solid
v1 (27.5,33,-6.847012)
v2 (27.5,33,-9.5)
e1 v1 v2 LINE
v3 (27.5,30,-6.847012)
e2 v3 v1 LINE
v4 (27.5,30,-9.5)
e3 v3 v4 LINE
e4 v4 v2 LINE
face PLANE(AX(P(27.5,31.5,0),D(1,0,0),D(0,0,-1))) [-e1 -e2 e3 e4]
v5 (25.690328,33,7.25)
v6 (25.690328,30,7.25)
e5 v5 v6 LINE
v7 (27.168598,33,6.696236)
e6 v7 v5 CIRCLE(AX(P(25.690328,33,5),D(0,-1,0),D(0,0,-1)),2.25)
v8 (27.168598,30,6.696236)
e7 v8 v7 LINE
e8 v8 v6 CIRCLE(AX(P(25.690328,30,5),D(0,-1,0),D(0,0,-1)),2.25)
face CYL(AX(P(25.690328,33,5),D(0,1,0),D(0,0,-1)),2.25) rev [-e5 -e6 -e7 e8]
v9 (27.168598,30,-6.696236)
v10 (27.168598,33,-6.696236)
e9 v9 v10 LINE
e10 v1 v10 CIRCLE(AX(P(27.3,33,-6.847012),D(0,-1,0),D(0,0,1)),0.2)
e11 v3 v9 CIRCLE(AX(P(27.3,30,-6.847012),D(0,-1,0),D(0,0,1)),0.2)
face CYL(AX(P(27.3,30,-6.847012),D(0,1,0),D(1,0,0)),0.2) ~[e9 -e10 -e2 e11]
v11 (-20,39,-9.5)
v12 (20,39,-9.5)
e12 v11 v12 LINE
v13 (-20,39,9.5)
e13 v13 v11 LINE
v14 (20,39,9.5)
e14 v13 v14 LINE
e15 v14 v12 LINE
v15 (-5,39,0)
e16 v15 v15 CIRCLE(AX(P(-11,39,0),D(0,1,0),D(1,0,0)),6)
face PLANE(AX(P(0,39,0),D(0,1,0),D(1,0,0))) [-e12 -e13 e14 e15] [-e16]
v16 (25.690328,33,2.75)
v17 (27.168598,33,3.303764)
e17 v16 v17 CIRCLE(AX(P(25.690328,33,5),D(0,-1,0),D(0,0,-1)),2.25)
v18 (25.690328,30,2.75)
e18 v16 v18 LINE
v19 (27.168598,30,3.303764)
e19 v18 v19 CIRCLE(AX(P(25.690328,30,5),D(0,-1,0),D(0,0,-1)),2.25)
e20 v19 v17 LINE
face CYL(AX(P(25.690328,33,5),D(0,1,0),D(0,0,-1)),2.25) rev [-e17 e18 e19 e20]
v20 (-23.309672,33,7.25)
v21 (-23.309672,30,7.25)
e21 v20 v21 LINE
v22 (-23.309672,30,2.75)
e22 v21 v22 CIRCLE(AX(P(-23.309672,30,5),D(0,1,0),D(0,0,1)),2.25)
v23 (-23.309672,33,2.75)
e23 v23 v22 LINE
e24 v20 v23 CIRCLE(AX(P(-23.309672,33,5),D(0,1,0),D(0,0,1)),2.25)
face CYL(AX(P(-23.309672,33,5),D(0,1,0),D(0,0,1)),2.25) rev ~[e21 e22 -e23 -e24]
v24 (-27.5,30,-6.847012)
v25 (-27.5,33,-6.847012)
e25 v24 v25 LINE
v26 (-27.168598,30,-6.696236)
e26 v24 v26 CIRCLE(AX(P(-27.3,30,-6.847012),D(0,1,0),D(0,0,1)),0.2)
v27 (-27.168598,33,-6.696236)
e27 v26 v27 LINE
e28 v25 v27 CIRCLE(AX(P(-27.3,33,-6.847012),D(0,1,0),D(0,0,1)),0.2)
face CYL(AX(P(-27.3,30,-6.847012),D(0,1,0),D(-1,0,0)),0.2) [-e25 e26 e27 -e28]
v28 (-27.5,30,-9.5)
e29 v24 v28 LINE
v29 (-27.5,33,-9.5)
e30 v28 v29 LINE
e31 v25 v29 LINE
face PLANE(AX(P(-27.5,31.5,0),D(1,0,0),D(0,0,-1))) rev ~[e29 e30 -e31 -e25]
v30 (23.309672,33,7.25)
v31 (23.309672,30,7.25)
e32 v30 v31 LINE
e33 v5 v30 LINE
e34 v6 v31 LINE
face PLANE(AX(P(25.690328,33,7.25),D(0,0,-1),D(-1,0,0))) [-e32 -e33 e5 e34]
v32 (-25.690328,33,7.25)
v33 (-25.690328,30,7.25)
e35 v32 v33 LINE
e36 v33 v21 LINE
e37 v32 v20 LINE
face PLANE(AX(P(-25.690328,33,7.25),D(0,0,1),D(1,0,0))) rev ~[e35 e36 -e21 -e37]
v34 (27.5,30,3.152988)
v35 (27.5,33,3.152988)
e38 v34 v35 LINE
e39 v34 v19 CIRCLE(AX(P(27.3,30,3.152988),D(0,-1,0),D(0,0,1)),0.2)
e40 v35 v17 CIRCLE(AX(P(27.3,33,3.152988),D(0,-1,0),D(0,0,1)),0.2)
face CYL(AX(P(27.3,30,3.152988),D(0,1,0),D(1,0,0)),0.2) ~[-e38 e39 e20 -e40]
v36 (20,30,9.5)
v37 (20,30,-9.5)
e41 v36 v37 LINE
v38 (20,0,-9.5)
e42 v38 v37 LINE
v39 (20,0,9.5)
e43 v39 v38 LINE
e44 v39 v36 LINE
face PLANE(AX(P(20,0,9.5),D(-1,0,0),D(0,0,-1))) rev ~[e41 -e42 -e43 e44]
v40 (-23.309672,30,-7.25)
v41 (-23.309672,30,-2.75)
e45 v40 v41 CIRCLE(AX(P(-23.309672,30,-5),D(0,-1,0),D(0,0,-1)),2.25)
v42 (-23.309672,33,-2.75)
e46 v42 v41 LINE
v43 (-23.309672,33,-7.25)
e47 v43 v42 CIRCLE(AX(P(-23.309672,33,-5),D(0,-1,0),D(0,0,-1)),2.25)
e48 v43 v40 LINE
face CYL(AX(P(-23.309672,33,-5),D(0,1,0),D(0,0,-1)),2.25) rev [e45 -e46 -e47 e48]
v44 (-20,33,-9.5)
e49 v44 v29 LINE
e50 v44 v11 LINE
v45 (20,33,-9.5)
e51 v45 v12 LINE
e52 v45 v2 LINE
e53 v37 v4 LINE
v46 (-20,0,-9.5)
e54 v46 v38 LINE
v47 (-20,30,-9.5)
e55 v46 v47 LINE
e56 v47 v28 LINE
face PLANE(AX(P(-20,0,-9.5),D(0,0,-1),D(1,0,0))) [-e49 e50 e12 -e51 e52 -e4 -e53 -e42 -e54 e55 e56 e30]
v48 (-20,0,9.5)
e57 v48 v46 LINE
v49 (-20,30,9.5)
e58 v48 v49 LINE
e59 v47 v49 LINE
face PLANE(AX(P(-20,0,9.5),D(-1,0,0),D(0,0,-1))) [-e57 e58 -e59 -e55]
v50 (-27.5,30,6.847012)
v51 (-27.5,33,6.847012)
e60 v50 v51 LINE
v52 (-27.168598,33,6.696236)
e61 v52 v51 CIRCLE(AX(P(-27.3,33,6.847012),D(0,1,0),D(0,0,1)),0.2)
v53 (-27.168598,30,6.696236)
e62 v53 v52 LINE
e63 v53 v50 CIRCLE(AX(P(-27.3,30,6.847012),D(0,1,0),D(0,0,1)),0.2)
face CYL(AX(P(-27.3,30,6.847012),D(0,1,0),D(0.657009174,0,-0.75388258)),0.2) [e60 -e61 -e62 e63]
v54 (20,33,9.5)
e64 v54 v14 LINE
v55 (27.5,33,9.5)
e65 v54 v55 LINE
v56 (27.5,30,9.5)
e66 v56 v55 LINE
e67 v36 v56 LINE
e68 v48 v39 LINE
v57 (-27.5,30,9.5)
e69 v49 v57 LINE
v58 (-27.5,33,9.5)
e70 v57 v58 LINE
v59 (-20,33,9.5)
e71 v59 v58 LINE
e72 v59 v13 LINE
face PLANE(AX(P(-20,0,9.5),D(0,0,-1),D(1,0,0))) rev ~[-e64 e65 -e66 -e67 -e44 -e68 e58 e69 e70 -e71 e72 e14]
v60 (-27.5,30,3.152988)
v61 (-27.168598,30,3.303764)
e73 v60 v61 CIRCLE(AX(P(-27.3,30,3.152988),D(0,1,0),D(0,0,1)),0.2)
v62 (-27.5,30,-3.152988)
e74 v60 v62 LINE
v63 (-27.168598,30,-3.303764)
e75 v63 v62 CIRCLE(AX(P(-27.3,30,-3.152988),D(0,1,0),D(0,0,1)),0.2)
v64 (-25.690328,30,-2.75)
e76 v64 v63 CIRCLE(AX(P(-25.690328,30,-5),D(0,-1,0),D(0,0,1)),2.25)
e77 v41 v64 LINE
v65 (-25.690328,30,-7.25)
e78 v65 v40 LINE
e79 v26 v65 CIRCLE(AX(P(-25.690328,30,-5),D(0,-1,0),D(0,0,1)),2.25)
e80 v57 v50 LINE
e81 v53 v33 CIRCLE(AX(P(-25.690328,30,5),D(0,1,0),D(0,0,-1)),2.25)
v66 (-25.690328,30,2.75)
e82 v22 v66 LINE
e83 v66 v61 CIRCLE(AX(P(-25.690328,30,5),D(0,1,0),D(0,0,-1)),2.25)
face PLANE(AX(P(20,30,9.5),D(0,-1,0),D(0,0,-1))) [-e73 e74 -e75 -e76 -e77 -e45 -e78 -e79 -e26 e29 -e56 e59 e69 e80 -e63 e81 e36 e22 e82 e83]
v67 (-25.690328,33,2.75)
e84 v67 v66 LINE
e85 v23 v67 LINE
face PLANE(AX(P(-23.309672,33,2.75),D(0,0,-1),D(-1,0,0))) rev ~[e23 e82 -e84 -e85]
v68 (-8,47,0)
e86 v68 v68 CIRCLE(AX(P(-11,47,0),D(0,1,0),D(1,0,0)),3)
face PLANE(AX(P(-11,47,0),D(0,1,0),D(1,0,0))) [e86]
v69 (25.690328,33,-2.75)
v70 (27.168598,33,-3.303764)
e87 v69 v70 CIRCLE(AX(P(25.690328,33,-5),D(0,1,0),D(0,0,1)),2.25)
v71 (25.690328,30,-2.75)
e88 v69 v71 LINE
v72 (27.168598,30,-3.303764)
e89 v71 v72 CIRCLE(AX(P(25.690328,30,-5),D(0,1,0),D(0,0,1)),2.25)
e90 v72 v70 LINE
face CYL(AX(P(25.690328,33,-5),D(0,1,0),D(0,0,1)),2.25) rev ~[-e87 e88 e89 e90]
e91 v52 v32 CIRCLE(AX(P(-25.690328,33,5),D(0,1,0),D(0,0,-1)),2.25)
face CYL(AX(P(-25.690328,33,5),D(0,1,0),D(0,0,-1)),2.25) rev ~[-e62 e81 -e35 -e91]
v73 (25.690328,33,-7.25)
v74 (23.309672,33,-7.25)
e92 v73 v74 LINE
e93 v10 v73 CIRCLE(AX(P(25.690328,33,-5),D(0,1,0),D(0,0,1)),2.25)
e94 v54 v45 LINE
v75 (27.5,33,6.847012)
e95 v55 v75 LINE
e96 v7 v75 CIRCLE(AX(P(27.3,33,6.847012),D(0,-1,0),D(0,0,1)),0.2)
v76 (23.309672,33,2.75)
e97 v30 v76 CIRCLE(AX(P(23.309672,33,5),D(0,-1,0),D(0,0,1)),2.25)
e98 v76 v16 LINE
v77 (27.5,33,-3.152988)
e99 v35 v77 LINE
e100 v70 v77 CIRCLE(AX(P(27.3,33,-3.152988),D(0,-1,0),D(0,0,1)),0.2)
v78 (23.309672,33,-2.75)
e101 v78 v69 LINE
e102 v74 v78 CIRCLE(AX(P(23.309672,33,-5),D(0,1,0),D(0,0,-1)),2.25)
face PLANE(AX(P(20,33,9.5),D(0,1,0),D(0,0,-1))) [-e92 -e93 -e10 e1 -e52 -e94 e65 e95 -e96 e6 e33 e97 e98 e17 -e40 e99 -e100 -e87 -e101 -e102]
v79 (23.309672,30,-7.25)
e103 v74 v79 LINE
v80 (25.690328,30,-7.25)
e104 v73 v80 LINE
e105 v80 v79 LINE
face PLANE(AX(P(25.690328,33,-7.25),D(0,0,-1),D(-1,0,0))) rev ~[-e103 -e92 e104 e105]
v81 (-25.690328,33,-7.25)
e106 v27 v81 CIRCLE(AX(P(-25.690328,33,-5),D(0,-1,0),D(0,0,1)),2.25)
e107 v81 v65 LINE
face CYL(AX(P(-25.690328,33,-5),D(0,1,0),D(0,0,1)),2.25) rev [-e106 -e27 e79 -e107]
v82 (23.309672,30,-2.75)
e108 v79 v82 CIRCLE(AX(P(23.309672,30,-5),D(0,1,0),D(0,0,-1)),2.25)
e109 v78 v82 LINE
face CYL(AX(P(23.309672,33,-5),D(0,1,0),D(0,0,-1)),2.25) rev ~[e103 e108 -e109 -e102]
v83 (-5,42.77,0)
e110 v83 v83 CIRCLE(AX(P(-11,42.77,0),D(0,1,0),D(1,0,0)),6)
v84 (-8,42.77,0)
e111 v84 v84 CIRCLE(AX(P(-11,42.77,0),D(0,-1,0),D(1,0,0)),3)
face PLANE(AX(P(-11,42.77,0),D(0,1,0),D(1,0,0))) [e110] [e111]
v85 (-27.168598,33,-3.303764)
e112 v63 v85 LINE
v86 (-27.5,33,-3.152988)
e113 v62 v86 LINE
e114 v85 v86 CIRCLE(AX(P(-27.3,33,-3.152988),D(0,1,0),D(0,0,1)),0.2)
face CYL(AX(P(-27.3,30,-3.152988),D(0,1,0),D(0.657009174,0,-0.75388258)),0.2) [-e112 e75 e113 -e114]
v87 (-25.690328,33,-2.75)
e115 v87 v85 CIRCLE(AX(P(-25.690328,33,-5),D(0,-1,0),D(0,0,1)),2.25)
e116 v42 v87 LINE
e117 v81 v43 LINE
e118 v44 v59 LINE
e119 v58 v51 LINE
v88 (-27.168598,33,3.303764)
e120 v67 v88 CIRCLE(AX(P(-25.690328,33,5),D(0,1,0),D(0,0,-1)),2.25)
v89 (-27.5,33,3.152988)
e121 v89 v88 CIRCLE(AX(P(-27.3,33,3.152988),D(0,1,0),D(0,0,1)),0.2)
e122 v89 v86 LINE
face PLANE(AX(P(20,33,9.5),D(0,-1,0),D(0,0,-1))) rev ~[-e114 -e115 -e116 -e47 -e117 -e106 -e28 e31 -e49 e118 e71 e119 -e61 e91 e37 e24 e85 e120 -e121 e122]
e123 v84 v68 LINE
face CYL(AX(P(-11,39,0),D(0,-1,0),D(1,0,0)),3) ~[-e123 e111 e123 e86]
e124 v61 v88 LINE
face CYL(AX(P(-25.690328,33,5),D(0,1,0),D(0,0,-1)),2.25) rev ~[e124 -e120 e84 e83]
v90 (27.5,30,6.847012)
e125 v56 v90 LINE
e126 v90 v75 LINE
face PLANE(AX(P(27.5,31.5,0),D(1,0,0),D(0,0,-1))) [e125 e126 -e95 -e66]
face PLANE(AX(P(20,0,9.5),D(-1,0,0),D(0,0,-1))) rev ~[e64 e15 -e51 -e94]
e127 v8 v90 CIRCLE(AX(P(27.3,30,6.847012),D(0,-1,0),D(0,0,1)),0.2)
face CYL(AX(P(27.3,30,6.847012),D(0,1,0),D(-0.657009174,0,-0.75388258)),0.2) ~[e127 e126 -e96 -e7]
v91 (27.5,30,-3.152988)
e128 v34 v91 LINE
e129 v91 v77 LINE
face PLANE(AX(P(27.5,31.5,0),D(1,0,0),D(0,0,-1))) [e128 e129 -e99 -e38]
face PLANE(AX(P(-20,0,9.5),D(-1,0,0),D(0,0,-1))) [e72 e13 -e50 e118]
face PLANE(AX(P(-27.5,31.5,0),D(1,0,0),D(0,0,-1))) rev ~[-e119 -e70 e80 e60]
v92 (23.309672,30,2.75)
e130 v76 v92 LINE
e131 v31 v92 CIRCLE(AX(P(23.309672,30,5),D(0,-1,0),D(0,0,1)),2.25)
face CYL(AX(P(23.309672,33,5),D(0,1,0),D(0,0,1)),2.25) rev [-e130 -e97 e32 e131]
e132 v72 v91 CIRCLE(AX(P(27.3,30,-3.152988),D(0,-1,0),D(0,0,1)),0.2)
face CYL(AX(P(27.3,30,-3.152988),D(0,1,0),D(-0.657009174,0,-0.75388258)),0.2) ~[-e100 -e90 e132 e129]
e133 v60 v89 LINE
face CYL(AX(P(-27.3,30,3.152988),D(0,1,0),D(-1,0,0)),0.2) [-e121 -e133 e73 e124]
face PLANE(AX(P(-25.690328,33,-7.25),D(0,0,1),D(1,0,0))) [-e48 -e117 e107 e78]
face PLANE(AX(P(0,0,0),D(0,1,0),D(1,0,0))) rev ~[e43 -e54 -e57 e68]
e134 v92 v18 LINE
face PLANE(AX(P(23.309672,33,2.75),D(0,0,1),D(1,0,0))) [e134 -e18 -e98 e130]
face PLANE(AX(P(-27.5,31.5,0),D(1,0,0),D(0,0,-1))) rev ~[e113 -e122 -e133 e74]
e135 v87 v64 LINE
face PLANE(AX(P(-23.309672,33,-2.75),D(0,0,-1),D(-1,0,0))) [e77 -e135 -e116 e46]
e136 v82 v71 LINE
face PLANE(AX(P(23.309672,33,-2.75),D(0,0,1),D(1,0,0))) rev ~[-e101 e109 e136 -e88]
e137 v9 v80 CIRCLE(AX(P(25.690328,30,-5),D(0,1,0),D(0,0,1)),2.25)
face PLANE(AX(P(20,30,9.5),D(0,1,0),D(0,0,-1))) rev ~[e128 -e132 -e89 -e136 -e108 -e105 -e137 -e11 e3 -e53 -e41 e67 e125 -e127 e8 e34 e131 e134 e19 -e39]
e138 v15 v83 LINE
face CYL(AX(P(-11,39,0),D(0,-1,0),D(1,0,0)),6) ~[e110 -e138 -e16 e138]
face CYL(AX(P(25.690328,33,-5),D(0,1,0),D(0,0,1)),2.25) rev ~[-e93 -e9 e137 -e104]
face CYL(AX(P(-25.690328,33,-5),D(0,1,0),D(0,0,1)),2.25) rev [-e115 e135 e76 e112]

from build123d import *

# Parameters (mm, degrees)
SKETCH1_W                = 40
SKETCH1_H                = 19
BOSS_EXTRUDE1_DEPTH      = 39
SKETCH2_W                = 19
SKETCH2_H                = 3
BOSS_EXTRUDE2_DEPTH      = 7.5
BOSS_EXTRUDE2_DEPTH_BACK = 47.5
CUT_EXTRUDE1_DEPTH       = 3
FILLET1_R                = 0.2
SKETCH4_R                = 3
BOSS_EXTRUDE3_DEPTH      = 8
SKETCH6_R                = 6
BOSS_EXTRUDE4_DEPTH      = 3.77


with BuildPart() as part:
    # Sketch1 → Boss-Extrude1 (new body)
    with BuildSketch(Plane(origin=(0, 0, 0), x_dir=(1, 0, 0), z_dir=(0, 1, 0))):
        Rectangle(SKETCH1_W, SKETCH1_H)
    extrude(amount=BOSS_EXTRUDE1_DEPTH)

    # Sketch2 → Boss-Extrude2 (add, two sides)
    with BuildSketch(Plane(origin=(20, 0, 0), x_dir=(0, 0, -1), z_dir=(1, 0, 0))) as boss_extrude2_sk:
        with Locations((0, 31.5)):
            Rectangle(SKETCH2_W, SKETCH2_H)
    extrude(amount=BOSS_EXTRUDE2_DEPTH)
    extrude(boss_extrude2_sk.sketch, amount=-BOSS_EXTRUDE2_DEPTH_BACK)

    # Sketch3 → Cut-Extrude1 (cut)
    with BuildSketch(Plane(origin=(0, 33, 0), x_dir=(1, 0, 0), z_dir=(0, 1, 0))):
        with BuildLine():
            Line((-23.309672477, 2.75), (-25.690327523, 2.75))
            ThreePointArc((-25.690327523, 2.75), (-27.940327523, 5), (-25.690327523, 7.25))
            Line((-25.690327523, 7.25), (-23.309672477, 7.25))
            ThreePointArc((-23.309672477, 7.25), (-21.059672477, 5), (-23.309672477, 2.75))
        make_face()
        with BuildLine():
            Line((-23.309672477, -2.75), (-25.690327523, -2.75))
            ThreePointArc((-25.690327523, -2.75), (-27.940327523, -5), (-25.690327523, -7.25))
            Line((-25.690327523, -7.25), (-23.309672477, -7.25))
            ThreePointArc((-23.309672477, -7.25), (-21.059672477, -5), (-23.309672477, -2.75))
        make_face()
        with BuildLine():
            Line((23.309672477, -2.75), (25.690327523, -2.75))
            ThreePointArc((25.690327523, -2.75), (27.940327523, -5), (25.690327523, -7.25))
            Line((25.690327523, -7.25), (23.309672477, -7.25))
            ThreePointArc((23.309672477, -7.25), (21.059672477, -5), (23.309672477, -2.75))
        make_face()
        with BuildLine():
            Line((23.309672477, 2.75), (25.690327523, 2.75))
            ThreePointArc((25.690327523, 2.75), (27.940327523, 5), (25.690327523, 7.25))
            Line((25.690327523, 7.25), (23.309672477, 7.25))
            ThreePointArc((23.309672477, 7.25), (21.059672477, 5), (23.309672477, 2.75))
        make_face()
    extrude(amount=-CUT_EXTRUDE1_DEPTH, mode=Mode.SUBTRACT)

    # Fillet1
    fillet1_edges = [part.edges().sort_by_distance(p)[0] for p in [
        (27.5, 31.5, 6.337006181),
        (27.5, 31.5, 3.662993819),
        (27.5, 31.5, -3.662993819),
        (27.5, 31.5, -6.337006181),
        (-27.5, 31.5, 3.662993819),
        (-27.5, 31.5, 6.337006181),
        (-27.5, 31.5, -6.337006181),
        (-27.5, 31.5, -3.662993819),
    ]]
    fillet(fillet1_edges, radius=FILLET1_R)

    # Sketch4 → Boss-Extrude3 (add)
    with BuildSketch(Plane(origin=(0, 39, 0), x_dir=(1, 0, 0), z_dir=(0, 1, 0))):
        with Locations((-11, 0)):
            Circle(SKETCH4_R)
    extrude(amount=BOSS_EXTRUDE3_DEPTH)

    # Sketch6 → Boss-Extrude4 (add)
    with BuildSketch(Plane(origin=(0, 39, 0), x_dir=(1, 0, 0), z_dir=(0, 1, 0))):
        with Locations((-11, 0)):
            Circle(SKETCH6_R)
    extrude(amount=BOSS_EXTRUDE4_DEPTH)


solid = part.part
